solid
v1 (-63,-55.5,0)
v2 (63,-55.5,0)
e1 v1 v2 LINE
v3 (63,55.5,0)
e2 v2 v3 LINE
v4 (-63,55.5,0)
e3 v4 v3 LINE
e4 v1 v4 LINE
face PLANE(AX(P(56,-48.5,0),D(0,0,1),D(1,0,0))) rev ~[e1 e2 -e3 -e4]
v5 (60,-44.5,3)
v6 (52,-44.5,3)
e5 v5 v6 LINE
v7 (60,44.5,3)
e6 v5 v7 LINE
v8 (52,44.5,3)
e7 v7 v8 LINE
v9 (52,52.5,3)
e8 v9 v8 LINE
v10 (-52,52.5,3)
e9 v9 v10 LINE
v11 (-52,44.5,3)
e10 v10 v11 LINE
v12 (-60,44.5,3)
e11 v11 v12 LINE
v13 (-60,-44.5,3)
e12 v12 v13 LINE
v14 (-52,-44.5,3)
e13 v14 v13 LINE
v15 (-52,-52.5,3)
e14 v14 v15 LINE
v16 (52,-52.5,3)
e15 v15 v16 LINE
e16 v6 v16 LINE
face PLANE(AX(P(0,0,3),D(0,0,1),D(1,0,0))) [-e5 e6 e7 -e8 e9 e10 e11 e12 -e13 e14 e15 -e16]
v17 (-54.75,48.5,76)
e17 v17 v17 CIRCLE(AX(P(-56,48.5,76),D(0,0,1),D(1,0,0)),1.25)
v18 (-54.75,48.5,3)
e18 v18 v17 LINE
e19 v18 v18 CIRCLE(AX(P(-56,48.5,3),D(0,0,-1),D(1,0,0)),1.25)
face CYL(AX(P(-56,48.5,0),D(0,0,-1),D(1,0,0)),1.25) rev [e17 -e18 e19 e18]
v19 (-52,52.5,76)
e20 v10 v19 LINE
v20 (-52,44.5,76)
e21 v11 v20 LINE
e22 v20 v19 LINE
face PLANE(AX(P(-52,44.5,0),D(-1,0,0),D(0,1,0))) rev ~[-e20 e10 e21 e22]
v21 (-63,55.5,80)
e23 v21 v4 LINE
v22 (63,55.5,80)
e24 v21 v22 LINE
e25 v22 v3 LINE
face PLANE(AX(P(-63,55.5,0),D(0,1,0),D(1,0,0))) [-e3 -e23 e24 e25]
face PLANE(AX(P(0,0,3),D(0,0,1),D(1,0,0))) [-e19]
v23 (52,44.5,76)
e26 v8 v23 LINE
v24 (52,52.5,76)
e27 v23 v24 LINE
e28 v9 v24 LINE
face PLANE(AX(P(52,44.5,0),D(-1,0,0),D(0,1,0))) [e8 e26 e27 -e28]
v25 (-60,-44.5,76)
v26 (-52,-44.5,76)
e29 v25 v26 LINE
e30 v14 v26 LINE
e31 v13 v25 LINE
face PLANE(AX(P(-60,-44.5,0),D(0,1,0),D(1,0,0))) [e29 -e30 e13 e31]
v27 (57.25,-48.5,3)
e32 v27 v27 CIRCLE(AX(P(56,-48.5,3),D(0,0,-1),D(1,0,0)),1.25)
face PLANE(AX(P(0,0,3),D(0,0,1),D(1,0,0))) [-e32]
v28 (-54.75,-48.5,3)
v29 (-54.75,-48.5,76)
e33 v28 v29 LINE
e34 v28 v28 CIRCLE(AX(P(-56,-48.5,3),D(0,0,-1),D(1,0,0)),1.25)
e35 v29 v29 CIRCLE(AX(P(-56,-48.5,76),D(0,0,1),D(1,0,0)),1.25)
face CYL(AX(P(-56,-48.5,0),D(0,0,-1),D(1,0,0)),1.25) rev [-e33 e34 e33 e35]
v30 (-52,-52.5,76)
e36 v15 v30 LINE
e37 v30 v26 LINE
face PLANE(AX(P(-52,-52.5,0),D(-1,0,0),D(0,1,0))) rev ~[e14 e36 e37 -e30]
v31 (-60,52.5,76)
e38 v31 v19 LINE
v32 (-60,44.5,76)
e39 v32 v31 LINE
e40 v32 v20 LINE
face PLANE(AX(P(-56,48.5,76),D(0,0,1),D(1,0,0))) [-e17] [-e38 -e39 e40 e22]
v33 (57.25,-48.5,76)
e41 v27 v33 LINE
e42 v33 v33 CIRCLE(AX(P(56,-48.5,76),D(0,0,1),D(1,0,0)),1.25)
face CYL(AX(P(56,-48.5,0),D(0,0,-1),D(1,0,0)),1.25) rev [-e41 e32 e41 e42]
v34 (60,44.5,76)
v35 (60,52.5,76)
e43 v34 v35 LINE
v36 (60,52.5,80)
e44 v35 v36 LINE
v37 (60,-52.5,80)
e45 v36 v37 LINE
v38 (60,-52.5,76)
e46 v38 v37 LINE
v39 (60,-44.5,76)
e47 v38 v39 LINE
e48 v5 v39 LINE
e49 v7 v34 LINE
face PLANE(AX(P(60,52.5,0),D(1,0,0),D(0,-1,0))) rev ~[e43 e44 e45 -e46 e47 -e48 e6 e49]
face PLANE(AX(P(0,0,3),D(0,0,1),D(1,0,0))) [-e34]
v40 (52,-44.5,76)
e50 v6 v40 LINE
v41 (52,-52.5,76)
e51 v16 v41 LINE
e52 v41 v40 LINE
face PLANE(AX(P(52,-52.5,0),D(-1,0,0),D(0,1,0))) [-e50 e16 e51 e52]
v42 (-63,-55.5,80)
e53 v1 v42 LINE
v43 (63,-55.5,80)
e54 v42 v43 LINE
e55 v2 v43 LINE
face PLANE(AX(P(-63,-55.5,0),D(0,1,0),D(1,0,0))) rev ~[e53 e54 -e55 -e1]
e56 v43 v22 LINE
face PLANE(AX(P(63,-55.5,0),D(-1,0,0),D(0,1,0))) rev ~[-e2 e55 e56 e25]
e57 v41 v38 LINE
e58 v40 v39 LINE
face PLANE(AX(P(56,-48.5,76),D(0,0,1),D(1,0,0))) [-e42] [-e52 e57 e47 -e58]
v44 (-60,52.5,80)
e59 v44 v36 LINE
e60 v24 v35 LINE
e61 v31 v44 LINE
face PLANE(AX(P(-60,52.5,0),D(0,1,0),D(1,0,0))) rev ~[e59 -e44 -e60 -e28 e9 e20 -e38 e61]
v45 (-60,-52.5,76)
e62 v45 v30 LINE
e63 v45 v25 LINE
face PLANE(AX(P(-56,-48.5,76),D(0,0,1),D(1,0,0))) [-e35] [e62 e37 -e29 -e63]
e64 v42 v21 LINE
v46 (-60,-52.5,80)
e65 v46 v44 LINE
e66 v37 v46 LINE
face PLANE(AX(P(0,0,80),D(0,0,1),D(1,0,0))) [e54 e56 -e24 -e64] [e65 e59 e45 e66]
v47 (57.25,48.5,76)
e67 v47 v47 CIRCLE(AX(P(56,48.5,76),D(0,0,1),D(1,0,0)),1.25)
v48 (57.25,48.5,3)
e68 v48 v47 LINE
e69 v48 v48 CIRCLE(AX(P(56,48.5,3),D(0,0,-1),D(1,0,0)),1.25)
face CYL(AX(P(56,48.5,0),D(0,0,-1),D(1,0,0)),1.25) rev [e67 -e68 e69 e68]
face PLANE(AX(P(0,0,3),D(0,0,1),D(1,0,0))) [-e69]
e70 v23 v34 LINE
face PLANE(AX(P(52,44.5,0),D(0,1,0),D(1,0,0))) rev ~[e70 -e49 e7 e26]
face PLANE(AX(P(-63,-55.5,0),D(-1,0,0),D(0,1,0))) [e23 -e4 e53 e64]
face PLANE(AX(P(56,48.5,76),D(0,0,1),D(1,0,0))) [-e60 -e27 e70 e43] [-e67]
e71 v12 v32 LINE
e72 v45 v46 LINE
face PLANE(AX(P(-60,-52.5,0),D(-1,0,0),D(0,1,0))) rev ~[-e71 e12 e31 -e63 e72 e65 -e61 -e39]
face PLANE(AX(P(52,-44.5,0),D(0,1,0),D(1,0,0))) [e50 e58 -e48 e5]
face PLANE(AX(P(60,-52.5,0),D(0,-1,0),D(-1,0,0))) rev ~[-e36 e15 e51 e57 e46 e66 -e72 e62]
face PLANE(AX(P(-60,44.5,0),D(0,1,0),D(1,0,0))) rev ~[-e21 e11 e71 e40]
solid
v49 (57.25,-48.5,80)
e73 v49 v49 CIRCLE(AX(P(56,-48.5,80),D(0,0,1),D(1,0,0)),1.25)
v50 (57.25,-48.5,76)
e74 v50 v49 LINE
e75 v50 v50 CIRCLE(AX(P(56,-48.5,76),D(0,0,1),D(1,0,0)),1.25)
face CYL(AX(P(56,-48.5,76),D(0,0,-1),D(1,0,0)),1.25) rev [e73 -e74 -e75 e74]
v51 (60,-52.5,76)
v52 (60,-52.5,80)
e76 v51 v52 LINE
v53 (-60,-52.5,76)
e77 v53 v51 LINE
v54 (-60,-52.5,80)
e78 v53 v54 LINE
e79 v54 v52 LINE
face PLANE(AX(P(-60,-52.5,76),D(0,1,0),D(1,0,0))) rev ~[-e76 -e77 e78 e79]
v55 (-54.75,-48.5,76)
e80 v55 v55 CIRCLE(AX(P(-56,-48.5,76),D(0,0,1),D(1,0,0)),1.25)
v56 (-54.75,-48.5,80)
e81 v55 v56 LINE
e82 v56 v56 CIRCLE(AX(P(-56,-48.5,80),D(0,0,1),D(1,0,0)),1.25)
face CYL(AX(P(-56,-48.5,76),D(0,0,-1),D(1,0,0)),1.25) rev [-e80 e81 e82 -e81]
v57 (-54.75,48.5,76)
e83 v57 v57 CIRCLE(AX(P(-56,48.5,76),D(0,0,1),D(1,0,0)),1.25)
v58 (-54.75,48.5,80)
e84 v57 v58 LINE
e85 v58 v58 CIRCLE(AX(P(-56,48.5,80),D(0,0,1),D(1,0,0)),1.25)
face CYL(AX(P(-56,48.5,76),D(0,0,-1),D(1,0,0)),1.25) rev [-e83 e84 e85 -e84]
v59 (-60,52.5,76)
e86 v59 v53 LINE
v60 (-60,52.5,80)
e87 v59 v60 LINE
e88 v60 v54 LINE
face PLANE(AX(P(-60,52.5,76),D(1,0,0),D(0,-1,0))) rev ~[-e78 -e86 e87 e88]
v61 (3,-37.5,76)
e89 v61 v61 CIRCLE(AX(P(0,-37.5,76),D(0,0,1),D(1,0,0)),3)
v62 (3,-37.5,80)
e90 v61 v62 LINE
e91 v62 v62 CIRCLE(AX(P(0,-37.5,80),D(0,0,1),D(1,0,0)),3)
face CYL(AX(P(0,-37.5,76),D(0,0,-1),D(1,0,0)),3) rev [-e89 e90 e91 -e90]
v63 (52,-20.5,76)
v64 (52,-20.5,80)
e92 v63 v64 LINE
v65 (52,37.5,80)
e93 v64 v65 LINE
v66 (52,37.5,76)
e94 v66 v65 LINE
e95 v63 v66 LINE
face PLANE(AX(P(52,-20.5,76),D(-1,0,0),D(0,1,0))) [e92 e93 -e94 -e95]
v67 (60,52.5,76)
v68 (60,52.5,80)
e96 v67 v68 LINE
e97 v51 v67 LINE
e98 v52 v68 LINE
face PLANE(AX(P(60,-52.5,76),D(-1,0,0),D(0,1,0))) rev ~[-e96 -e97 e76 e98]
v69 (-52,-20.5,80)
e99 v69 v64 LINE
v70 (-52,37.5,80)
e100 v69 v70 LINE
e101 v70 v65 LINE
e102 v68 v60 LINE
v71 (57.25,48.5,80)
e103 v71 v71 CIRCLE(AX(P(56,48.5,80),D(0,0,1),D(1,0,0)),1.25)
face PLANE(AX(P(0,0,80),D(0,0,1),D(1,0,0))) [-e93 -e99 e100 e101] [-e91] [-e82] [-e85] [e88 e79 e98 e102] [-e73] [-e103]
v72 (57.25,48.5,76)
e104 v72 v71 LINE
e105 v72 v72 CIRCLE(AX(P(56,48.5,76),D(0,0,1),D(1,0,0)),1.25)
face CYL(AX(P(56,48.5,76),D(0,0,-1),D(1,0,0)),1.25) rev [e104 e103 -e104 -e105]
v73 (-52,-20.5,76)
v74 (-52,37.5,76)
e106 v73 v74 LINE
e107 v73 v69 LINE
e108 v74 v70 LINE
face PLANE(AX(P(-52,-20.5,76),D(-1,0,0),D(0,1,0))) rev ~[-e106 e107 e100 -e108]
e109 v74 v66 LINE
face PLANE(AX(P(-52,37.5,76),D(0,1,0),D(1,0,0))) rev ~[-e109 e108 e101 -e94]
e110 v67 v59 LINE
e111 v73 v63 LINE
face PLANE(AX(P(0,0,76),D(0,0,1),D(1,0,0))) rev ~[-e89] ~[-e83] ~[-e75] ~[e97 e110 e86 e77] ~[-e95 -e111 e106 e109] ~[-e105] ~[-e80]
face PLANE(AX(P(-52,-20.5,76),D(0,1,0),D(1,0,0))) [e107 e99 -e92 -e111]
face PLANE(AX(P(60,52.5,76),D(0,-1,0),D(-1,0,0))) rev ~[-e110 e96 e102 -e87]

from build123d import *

# Parameters (mm, degrees)
F0_W     = 126
F0_H     = 111
F0_R     = 3
F0_W_2   = 104
F0_H_2   = 58
F0_W_3   = 8
F0_H_3   = 8
F0_R_2   = 1.25
F1_DEPTH = 3
F2_DEPTH = 80
F3_DEPTH = 76
F4_DEPTH = 4


with BuildPart() as f1:
    # F0 (on Top) → F1 (new body)
    with BuildSketch(Plane.XY):
        Rectangle(F0_W, F0_H)
        Polygon((60, -44.5), (60, -52.5), (52, -52.5), (-52, -52.5), (-60, -52.5), (-60, -44.5), (-60, 44.5), (-60, 52.5), (-52, 52.5), (52, 52.5), (60, 52.5), (60, 44.5), align=None, mode=Mode.SUBTRACT)
        Polygon((-52, -52.5), (52, -52.5), (52, -44.5), (60, -44.5), (60, 44.5), (52, 44.5), (52, 52.5), (-52, 52.5), (-52, 44.5), (-60, 44.5), (-60, -44.5), (-52, -44.5), align=None)
        with Locations((0, -37.5)):
            Circle(F0_R, mode=Mode.SUBTRACT)
        with Locations((0, 8.5)):
            Rectangle(F0_W_2, F0_H_2, mode=Mode.SUBTRACT)
        with Locations((0, 8.5)):
            Rectangle(F0_W_2, F0_H_2)
        with Locations((-56, -48.5)):
            Rectangle(F0_W_3, F0_H_3)
        with Locations((-56, -48.5)):
            Circle(F0_R_2, mode=Mode.SUBTRACT)
        with Locations((56, 48.5)):
            Rectangle(F0_W_3, F0_H_3)
        with Locations((56, 48.5)):
            Circle(F0_R_2, mode=Mode.SUBTRACT)
        with Locations((-56, 48.5)):
            Rectangle(F0_W_3, F0_H_3)
        with Locations((-56, 48.5)):
            Circle(F0_R_2, mode=Mode.SUBTRACT)
        with Locations((56, -48.5)):
            Rectangle(F0_W_3, F0_H_3)
        with Locations((56, -48.5)):
            Circle(F0_R_2, mode=Mode.SUBTRACT)
        with Locations((0, -37.5)):
            Circle(F0_R)
        with Locations((-56, -48.5)):
            Circle(F0_R_2)
        with Locations((56, 48.5)):
            Circle(F0_R_2)
        with Locations((-56, 48.5)):
            Circle(F0_R_2)
        with Locations((56, -48.5)):
            Circle(F0_R_2)
    extrude(amount=F1_DEPTH)

    # F0 (on Top) → F2 (join)
    with BuildSketch(Plane.XY):
        Rectangle(F0_W, F0_H)
        Polygon((60, -44.5), (60, -52.5), (52, -52.5), (-52, -52.5), (-60, -52.5), (-60, -44.5), (-60, 44.5), (-60, 52.5), (-52, 52.5), (52, 52.5), (60, 52.5), (60, 44.5), align=None, mode=Mode.SUBTRACT)
    extrude(amount=F2_DEPTH)

    # F0 (on Top) → F3 (join)
    with BuildSketch(Plane.XY):
        with Locations((56, -48.5)):
            Rectangle(F0_W_3, F0_H_3)
        with Locations((56, -48.5)):
            Circle(F0_R_2, mode=Mode.SUBTRACT)
        with Locations((56, 48.5)):
            Rectangle(F0_W_3, F0_H_3)
        with Locations((56, 48.5)):
            Circle(F0_R_2, mode=Mode.SUBTRACT)
        with Locations((-56, -48.5)):
            Rectangle(F0_W_3, F0_H_3)
        with Locations((-56, -48.5)):
            Circle(F0_R_2, mode=Mode.SUBTRACT)
        with Locations((-56, 48.5)):
            Rectangle(F0_W_3, F0_H_3)
        with Locations((-56, 48.5)):
            Circle(F0_R_2, mode=Mode.SUBTRACT)
    extrude(amount=F3_DEPTH)


with BuildPart() as f4:
    # F0 (on Top) → F4 (new body)
    with BuildSketch(Plane.XY):
        Polygon((-52, -52.5), (52, -52.5), (52, -44.5), (60, -44.5), (60, 44.5), (52, 44.5), (52, 52.5), (-52, 52.5), (-52, 44.5), (-60, 44.5), (-60, -44.5), (-52, -44.5), align=None)
        with Locations((0, -37.5)):
            Circle(F0_R, mode=Mode.SUBTRACT)
        with Locations((0, 8.5)):
            Rectangle(F0_W_2, F0_H_2, mode=Mode.SUBTRACT)
        with Locations((-56, -48.5)):
            Rectangle(F0_W_3, F0_H_3)
        with Locations((-56, -48.5)):
            Circle(F0_R_2, mode=Mode.SUBTRACT)
        with Locations((-56, 48.5)):
            Rectangle(F0_W_3, F0_H_3)
        with Locations((-56, 48.5)):
            Circle(F0_R_2, mode=Mode.SUBTRACT)
        with Locations((56, 48.5)):
            Rectangle(F0_W_3, F0_H_3)
        with Locations((56, 48.5)):
            Circle(F0_R_2, mode=Mode.SUBTRACT)
        with Locations((56, -48.5)):
            Rectangle(F0_W_3, F0_H_3)
        with Locations((56, -48.5)):
            Circle(F0_R_2, mode=Mode.SUBTRACT)
    extrude(amount=F4_DEPTH)


with BuildPart() as f4_1:
    # F5: moved
    add(f4.part.moved(Location((0, 0, 76))))


solid = Compound([f1.part, f4_1.part])
